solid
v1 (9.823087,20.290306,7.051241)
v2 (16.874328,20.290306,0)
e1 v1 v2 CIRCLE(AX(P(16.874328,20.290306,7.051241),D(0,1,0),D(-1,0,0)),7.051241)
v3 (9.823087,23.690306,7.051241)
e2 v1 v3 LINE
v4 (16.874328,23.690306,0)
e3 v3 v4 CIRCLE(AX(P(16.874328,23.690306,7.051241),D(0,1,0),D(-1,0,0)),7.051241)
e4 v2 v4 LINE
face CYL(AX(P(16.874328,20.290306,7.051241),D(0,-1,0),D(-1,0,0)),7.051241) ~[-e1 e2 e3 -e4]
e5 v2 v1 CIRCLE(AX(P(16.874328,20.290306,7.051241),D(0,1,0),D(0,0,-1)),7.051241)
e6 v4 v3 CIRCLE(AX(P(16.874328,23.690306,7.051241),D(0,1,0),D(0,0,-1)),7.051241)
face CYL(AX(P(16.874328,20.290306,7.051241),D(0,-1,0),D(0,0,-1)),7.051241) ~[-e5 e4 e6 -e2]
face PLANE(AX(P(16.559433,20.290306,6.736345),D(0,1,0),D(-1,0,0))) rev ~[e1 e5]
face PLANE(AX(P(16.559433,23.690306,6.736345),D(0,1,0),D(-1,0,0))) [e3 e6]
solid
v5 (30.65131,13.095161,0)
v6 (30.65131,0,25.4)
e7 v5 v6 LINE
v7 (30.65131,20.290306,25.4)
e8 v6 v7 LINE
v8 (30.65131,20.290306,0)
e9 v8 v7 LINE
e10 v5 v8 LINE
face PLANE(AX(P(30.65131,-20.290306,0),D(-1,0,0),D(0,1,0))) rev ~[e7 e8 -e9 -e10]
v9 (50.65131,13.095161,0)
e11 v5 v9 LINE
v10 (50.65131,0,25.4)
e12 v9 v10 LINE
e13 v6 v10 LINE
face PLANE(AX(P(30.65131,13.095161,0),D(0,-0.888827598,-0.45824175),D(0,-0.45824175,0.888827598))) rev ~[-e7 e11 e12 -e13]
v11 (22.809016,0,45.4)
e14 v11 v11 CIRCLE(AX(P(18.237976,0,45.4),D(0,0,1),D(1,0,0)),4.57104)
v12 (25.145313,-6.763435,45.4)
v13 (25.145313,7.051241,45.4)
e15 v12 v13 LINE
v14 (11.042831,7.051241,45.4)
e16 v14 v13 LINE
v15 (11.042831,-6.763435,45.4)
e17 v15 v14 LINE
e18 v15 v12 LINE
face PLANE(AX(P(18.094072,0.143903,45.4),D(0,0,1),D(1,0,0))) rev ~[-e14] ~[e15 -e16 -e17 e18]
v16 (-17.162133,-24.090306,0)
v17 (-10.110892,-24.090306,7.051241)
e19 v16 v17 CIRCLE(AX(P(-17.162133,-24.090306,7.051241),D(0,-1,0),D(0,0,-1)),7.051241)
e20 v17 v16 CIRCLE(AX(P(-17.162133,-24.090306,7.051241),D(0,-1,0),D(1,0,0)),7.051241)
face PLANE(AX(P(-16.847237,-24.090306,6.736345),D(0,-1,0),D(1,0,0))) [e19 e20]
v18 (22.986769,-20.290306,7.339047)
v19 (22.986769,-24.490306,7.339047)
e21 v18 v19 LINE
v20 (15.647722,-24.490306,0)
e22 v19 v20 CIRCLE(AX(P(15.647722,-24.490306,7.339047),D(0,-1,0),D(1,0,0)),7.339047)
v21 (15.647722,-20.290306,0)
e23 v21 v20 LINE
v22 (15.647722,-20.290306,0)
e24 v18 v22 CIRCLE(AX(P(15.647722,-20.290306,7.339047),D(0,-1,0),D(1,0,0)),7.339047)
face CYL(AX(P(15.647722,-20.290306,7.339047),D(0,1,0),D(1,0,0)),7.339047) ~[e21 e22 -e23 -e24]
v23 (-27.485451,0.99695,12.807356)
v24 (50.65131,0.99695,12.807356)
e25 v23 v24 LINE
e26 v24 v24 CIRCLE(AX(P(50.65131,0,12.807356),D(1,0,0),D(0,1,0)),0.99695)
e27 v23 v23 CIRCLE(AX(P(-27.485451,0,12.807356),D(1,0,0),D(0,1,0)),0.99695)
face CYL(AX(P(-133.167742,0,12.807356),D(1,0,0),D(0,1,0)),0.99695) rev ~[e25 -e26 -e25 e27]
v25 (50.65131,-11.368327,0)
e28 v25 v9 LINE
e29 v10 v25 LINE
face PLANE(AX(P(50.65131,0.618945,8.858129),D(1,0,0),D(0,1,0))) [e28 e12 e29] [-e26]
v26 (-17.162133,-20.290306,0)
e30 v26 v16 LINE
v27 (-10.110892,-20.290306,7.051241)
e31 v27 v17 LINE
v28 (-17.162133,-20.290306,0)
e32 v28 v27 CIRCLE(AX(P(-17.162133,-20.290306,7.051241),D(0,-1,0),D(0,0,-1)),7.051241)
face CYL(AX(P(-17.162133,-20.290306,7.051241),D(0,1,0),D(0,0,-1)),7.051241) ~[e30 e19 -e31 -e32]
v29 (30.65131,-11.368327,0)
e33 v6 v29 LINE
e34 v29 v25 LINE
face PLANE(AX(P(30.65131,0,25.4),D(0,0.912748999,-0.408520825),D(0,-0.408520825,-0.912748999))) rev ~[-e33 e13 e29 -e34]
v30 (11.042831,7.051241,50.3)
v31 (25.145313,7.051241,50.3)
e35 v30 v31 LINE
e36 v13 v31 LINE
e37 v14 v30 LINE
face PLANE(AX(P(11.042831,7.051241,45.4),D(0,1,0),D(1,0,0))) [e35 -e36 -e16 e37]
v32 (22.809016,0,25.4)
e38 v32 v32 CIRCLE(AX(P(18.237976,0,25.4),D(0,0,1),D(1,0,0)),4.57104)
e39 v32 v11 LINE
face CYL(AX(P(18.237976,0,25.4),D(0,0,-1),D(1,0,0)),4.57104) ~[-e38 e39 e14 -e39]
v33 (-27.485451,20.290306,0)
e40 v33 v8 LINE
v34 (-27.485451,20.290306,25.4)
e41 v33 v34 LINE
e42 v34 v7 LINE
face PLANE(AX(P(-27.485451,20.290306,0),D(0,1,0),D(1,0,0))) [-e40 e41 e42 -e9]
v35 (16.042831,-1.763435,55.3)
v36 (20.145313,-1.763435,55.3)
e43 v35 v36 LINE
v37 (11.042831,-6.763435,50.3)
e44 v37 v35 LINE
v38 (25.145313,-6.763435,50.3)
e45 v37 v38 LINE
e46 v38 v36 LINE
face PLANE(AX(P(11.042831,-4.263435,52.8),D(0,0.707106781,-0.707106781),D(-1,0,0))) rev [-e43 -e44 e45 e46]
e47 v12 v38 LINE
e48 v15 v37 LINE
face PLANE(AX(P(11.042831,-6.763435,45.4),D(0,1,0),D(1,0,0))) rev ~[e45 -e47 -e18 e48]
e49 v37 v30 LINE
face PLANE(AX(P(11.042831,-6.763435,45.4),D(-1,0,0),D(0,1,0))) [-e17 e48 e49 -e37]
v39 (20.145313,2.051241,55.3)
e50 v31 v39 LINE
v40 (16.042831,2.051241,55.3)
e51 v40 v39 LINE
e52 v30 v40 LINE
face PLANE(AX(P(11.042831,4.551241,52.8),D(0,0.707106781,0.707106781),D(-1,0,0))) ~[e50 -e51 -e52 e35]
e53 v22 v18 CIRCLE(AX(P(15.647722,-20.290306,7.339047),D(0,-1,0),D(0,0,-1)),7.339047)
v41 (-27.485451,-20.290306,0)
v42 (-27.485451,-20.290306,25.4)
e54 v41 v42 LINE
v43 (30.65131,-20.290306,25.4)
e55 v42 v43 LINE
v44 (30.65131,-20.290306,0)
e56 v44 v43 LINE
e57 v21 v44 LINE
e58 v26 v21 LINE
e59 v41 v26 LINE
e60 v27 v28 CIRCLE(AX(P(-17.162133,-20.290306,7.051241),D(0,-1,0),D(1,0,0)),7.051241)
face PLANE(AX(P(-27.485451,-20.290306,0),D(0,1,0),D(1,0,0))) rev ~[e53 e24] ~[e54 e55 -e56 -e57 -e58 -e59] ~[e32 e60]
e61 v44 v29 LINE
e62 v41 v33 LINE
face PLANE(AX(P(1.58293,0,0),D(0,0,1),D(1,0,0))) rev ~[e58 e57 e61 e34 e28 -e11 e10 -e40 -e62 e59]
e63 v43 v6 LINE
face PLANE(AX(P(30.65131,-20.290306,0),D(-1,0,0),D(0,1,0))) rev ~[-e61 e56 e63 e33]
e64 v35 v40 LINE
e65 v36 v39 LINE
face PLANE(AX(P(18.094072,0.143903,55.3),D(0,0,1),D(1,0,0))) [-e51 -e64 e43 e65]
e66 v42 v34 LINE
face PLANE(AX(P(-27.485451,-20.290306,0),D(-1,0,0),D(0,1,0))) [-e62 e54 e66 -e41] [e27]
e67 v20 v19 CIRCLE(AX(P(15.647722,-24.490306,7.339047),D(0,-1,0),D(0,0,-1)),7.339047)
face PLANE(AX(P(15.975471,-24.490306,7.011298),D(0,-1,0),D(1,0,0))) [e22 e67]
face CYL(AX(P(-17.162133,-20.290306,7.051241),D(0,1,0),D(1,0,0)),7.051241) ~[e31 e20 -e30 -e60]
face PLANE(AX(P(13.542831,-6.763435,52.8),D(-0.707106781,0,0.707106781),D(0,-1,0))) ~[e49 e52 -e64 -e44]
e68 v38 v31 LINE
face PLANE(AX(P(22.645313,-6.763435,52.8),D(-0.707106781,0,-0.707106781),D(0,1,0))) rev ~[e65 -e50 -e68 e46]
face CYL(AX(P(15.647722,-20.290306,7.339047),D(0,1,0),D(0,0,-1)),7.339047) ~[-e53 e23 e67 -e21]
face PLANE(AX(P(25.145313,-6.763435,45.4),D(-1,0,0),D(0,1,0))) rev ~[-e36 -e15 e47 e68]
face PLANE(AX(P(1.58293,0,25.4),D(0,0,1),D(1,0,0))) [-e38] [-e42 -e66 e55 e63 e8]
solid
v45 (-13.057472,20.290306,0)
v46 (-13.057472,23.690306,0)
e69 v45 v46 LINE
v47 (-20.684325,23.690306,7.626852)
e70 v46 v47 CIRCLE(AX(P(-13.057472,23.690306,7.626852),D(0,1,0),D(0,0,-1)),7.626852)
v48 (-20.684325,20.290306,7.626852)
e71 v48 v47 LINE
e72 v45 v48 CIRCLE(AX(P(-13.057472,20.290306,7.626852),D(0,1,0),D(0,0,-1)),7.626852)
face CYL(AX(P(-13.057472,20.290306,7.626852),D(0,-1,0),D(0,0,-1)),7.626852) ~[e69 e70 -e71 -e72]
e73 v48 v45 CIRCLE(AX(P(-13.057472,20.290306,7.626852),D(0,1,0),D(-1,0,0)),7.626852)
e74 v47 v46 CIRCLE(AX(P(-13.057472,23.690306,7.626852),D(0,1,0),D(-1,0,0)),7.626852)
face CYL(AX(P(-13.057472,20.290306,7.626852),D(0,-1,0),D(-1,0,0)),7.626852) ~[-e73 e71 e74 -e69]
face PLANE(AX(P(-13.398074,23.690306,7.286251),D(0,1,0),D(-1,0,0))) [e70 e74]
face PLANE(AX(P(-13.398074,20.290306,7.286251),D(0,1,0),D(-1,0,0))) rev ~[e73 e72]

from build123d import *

# Parameters (mm, degrees)
F0_W      = 58.1367611885
F0_H      = 40.580611676
F1_DEPTH  = 25.4
F3_DEPTH  = 20
F4_R      = 4.5710395081
F5_DEPTH  = 20
F6_W      = 14.1024822369
F6_H      = 13.814676553
F7_DEPTH  = 9.9
F8_SIZE   = 5
F10_DEPTH = 3.8
F12_DEPTH = 4.2
F14_DEPTH = 3.4
F16_DEPTH = 3.4
F18_D     = 1.9939


with BuildPart() as f1:
    # F0 (on Top) → F1 (new body)
    with BuildSketch(Plane.XY):
        with Locations((1.5829298645, 0)):
            Rectangle(F0_W, F0_H)
    extrude(amount=F1_DEPTH)

    # F2 (on face) → F3 (join)
    with BuildSketch(Plane.YZ.offset(30.6513104588)):
        Polygon((13.0951609462, 0), (0, 25.4), (-11.3683268428, 0), align=None)
    extrude(amount=F3_DEPTH)

    # F4 (on face) → F5 (join)
    with BuildSketch(Plane.XY.offset(25.4)):
        with Locations((18.2379763573, 0)):
            Circle(F4_R)
    extrude(amount=F5_DEPTH)

    # F6 (on face) → F7 (join)
    with BuildSketch(Plane.XY.offset(45.4)):
        with Locations((18.0940716527, 0.143902842)):
            Rectangle(F6_W, F6_H)
    extrude(amount=F7_DEPTH)

    # F8
    f8_edges = [f1.edges().sort_by_distance(p)[0] for p in [
        (18.094072, 7.051241, 55.3),
        (11.042831, 0.143903, 55.3),
        (18.094072, -6.763435, 55.3),
        (25.145313, 0.143903, 55.3),
    ]]
    chamfer(f8_edges, length=F8_SIZE)

    # F9 (on face) → F10 (join)
    with BuildSketch(Plane.XZ.offset(20.290305838)):
        with BuildLine():
            ThreePointArc((-17.1621330082, 0), (-12.1761525976, 2.0652607078), (-10.1108918898, 7.0512411185))
            ThreePointArc((-10.1108918898, 7.0512411185), (-22.1481134189, 12.0372215291), (-17.1621330082, 0))
        make_face()
    extrude(amount=F10_DEPTH)

    # F11 (on face) → F12 (join)
    with BuildSketch(Plane.XZ.offset(20.290305838)):
        with BuildLine():
            ThreePointArc((15.647722408, 0), (20.8372121695, 2.1495570409), (22.9867692105, 7.3390468024))
            ThreePointArc((22.9867692105, 7.3390468024), (10.4582326468, 12.5285365638), (15.647722408, 0))
        make_face()
    extrude(amount=F12_DEPTH)

    # F18 (through all)
    with Locations(Plane(origin=(-27.4854507297, 0, 0), x_dir=(0, -1, 0), z_dir=(-1, 0, 0))):
        with Locations((0, 12.8073561937)):
            Hole(F18_D / 2)


with BuildPart() as f14:
    # F13 (on face) → F14 (new body)
    with BuildSketch(Plane(origin=(0, 20.290305838, 0), x_dir=(-1, 0, 0), z_dir=(0, 1, 0))):
        with BuildLine():
            ThreePointArc((-16.8743282557, 0), (-11.888347845, 2.0652607078), (-9.8230871372, 7.0512411185))
            ThreePointArc((-9.8230871372, 7.0512411185), (-21.8603086663, 12.0372215291), (-16.8743282557, 0))
        make_face()
    extrude(amount=F14_DEPTH)


with BuildPart() as f16:
    # F15 (on face) → F16 (new body)
    with BuildSketch(Plane(origin=(0, 20.290305838, 0), x_dir=(-1, 0, 0), z_dir=(0, 1, 0))):
        with BuildLine():
            ThreePointArc((13.0574721843, 0), (18.4504712965, 2.2338533741), (20.6843246706, 7.6268524863))
            ThreePointArc((20.6843246706, 7.6268524863), (7.6644730721, 13.0198515984), (13.0574721843, 0))
        make_face()
    extrude(amount=F16_DEPTH)


solid = Compound([f1.part, f14.part, f16.part])
